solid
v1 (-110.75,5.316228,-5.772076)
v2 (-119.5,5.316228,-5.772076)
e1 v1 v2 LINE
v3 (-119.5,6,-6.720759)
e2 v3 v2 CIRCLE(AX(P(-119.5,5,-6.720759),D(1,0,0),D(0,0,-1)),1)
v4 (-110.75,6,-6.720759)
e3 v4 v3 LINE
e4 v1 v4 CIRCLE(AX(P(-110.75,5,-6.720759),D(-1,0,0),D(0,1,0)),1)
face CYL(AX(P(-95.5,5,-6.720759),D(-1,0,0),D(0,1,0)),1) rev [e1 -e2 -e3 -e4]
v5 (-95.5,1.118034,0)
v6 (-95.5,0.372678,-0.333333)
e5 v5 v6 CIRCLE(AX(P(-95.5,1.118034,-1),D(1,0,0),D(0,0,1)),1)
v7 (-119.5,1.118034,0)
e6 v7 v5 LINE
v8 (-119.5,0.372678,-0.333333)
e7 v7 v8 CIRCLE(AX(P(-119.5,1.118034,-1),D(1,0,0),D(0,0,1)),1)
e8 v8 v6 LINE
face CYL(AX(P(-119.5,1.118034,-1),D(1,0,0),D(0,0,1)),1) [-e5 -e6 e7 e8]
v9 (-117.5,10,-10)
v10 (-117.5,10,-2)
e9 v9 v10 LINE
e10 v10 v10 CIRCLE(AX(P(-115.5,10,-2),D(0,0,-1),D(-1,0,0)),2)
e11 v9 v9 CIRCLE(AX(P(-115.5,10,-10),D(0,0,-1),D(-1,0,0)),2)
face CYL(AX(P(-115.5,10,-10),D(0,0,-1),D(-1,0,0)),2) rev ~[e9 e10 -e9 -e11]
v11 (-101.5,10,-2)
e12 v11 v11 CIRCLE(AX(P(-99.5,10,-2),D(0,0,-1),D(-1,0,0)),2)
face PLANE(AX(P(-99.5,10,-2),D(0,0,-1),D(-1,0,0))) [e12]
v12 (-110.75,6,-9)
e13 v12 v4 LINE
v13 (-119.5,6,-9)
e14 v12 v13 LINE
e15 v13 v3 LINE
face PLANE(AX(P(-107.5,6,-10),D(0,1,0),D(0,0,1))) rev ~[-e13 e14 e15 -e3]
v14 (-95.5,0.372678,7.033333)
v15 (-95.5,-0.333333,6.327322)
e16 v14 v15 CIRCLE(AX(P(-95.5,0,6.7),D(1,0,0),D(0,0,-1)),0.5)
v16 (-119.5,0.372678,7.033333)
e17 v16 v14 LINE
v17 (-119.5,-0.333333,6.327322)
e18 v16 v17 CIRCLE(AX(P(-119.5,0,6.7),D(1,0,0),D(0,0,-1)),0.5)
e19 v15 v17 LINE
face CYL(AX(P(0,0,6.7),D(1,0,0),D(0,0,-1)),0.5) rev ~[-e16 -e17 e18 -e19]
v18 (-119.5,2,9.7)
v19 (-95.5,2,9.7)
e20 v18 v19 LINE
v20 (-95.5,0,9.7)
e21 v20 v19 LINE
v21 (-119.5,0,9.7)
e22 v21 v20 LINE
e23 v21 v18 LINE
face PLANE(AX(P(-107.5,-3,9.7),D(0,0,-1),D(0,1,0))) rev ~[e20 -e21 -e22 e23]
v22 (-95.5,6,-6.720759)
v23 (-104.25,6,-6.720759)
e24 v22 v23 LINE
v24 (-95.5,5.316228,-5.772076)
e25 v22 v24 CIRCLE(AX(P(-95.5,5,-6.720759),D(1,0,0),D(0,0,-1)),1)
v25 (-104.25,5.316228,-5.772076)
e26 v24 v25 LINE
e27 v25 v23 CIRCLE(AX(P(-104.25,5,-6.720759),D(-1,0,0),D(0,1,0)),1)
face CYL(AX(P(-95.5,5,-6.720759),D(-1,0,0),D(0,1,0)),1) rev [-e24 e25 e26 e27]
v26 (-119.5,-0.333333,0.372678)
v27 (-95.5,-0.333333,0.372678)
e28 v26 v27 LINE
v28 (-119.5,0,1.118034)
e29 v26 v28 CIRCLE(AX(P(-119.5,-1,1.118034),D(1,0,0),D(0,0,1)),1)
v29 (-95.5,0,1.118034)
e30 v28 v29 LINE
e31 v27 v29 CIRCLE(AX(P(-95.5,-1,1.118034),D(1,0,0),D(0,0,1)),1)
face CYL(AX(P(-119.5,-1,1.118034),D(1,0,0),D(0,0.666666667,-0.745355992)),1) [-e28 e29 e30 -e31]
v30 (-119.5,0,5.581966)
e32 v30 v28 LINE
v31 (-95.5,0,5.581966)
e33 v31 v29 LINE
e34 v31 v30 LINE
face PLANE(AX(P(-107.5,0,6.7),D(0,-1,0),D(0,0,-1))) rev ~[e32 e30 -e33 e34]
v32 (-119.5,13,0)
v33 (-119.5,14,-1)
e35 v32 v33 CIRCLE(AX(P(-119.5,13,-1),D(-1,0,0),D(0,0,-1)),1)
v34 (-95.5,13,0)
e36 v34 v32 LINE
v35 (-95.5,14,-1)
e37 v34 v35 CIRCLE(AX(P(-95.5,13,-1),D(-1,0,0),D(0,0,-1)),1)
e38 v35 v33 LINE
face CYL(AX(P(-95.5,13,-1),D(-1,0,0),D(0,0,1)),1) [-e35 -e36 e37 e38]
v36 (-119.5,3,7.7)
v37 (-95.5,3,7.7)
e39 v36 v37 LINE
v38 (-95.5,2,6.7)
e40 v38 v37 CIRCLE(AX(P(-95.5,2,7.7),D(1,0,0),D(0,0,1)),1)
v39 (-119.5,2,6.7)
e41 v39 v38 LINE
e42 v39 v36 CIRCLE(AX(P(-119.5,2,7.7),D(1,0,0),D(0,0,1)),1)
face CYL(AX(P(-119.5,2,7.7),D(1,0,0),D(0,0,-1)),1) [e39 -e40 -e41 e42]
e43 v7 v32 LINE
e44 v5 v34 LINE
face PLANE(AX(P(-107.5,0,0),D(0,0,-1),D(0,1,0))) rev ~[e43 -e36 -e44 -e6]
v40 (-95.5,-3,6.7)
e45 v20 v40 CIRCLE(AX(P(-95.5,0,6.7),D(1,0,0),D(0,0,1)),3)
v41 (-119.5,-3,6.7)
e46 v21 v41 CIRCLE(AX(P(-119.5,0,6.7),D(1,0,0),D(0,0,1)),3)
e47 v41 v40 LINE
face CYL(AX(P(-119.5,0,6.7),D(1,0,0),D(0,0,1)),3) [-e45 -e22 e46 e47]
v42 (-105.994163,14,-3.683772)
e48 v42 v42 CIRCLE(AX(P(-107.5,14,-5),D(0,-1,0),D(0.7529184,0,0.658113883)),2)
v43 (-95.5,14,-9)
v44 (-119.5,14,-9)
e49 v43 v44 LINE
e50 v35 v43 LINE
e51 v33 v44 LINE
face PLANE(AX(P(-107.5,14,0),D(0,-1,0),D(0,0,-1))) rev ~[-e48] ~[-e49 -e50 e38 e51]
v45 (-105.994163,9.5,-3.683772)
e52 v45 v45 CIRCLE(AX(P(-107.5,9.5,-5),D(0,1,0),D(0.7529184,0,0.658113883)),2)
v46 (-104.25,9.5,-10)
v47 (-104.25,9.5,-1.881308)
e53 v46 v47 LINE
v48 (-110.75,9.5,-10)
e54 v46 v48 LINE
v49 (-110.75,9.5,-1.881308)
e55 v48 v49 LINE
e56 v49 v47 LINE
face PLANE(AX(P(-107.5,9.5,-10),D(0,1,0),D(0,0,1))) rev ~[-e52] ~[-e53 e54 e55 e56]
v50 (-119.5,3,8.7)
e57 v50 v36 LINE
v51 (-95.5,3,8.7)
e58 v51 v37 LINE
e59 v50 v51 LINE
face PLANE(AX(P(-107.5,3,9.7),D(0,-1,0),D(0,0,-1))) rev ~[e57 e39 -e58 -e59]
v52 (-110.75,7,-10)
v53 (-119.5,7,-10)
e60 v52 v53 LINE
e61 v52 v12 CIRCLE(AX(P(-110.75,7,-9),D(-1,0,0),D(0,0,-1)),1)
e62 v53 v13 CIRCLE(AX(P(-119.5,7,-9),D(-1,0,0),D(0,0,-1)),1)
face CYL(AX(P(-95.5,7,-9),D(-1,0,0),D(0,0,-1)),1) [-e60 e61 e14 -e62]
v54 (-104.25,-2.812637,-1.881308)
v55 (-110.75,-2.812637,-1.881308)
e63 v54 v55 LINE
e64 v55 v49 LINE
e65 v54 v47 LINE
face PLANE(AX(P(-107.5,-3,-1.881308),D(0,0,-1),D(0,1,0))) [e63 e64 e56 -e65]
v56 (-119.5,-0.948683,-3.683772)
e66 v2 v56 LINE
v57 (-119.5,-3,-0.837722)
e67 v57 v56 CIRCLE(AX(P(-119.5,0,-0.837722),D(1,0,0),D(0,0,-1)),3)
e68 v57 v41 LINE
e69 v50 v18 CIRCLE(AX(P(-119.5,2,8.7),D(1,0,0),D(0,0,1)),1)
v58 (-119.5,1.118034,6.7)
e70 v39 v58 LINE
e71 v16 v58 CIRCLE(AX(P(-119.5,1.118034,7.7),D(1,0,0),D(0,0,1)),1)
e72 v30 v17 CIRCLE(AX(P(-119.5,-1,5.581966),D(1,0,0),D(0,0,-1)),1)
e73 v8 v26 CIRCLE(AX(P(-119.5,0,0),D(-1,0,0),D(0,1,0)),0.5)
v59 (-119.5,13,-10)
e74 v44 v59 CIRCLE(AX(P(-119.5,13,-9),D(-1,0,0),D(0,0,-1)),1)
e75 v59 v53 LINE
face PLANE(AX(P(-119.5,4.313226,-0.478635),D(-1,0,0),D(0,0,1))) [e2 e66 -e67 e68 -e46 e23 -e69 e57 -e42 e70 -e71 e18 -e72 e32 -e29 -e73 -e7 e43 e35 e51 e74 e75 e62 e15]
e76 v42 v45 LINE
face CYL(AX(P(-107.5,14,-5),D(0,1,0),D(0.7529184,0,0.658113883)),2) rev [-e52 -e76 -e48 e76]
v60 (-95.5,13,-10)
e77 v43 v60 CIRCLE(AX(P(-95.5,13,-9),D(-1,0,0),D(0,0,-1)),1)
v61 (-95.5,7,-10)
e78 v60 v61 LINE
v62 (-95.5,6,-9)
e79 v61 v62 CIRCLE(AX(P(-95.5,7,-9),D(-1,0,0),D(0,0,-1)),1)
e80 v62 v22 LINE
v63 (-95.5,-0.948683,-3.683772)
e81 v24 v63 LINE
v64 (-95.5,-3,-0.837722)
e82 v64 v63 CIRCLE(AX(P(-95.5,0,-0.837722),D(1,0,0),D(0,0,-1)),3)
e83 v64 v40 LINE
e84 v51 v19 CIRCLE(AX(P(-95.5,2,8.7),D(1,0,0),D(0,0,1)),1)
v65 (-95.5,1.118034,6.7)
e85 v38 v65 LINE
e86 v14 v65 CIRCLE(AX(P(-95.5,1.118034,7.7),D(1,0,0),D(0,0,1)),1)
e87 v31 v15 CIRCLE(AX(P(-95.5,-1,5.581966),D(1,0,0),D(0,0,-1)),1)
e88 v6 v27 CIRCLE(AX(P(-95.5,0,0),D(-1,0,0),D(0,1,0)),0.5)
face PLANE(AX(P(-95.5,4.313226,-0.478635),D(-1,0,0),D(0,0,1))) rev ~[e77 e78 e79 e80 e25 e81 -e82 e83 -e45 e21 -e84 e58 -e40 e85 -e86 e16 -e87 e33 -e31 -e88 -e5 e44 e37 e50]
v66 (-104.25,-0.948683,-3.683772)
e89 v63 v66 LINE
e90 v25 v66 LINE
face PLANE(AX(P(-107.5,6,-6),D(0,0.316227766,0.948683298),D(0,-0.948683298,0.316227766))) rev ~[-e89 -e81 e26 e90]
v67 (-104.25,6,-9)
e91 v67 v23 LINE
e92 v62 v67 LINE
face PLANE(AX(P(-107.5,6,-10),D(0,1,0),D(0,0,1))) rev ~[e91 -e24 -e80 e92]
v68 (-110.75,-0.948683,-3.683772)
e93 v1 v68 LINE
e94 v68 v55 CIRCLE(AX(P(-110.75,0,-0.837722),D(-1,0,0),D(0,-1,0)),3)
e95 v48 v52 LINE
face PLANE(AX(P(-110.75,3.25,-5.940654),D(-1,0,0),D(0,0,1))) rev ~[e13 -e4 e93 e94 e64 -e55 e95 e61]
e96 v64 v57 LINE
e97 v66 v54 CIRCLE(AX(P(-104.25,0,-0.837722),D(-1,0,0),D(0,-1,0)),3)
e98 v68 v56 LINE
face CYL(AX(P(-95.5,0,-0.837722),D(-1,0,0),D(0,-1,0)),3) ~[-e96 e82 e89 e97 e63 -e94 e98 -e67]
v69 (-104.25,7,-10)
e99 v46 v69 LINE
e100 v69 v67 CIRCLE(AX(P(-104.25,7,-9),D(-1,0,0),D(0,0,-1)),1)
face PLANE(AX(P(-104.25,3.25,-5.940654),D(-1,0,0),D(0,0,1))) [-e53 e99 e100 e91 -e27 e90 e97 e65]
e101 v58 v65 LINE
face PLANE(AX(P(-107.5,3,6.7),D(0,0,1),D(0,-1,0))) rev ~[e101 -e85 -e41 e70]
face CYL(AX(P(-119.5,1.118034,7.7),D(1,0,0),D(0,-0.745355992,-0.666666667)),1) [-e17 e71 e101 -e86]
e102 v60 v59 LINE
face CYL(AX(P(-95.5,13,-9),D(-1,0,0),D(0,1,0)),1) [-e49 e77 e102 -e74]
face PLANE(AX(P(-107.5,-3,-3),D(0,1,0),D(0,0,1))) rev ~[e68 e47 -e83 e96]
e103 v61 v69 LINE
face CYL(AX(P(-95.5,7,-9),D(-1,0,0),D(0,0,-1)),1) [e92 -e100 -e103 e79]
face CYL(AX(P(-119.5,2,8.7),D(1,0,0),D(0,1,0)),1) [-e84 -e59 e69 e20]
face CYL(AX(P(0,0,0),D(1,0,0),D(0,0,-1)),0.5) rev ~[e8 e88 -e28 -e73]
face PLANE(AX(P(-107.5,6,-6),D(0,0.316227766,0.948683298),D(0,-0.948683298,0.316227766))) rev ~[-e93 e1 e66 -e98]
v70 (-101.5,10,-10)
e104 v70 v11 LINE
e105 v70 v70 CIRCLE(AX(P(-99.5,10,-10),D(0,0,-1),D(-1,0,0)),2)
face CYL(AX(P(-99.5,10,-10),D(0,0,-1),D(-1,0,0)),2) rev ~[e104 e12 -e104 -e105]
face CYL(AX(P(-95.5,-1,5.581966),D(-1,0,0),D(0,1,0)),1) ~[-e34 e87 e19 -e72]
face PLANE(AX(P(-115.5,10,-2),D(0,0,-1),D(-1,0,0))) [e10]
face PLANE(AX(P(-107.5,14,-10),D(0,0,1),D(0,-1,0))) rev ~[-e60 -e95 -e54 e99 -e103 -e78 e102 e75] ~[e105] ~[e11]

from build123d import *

# Parameters (mm, degrees)
BOSS_EXTRUDE1_DEPTH = 12
FILLET1_R           = 3
SKETCH4_R           = 0.5
CUT_EXTRUDE3_DEPTH  = 121.732141537
FILLET2_R           = 1
FILLET3_R           = 1
FILLET4_R           = 1
FILLET6_R           = 1
SKETCH2_R           = 2
CUT_EXTRUDE1_DEPTH  = 122.116679281
SKETCH6_R           = 2
CUT_EXTRUDE4_DEPTH  = 8
CUT_EXTRUDE5_DEPTH  = 3.25


with BuildPart() as part:
    # Sketch1 → Boss-Extrude1 (new, symmetric)
    with BuildSketch(Plane(origin=(-107.5, 40, 0), x_dir=(0, 0, -1), z_dir=(1, 0, 0))):
        Polygon((-6.7, -37), (-6.7, -40), (0, -40), (0, -26), (10, -26), (10, -34), (6, -34), (3, -43), (-9.7, -43), (-9.7, -37), align=None)
    extrude(amount=BOSS_EXTRUDE1_DEPTH, both=True)

    # Fillet1
    fillet1_edges = [part.edges().sort_by_distance(p)[0] for p in [
        (-107.5, -3, -3),
        (-107.5, -3, 9.7),
    ]]
    fillet(fillet1_edges, radius=FILLET1_R)

    # Sketch4 → Cut-Extrude3 (cut, through all)
    with BuildSketch(Plane(origin=(0, 0, 0), x_dir=(0, 0, -1), z_dir=(1, 0, 0))):
        with Locations((-6.7, 0)):
            Circle(SKETCH4_R)
        Circle(SKETCH4_R)
    extrude(amount=-CUT_EXTRUDE3_DEPTH, mode=Mode.SUBTRACT)

    # Fillet2
    fillet2_edges = [part.edges().sort_by_distance(p)[0] for p in [
        (-107.5, 0, 6.2),
        (-107.5, 0.5, 6.7),
        (-107.5, 0.5, 0),
        (-107.5, 0, 0.5),
    ]]
    fillet(fillet2_edges, radius=FILLET2_R)

    # Fillet3
    fillet3_edges = [part.edges().sort_by_distance(p)[0] for p in [
        (-107.5, 3, 6.7),
        (-107.5, 3, 9.7),
    ]]
    fillet(fillet3_edges, radius=FILLET3_R)

    # Fillet4
    fillet4_edges = [part.edges().sort_by_distance(p)[0] for p in [
        (-107.5, 14, 0),
        (-107.5, 14, -10),
    ]]
    fillet(fillet4_edges, radius=FILLET4_R)

    # Fillet6
    fillet6_edges = [part.edges().sort_by_distance(p)[0] for p in [
        (-107.5, 6, -10),
        (-107.5, 6, -6),
    ]]
    fillet(fillet6_edges, radius=FILLET6_R)

    # Sketch2 → Cut-Extrude1 (cut, through all)
    with BuildSketch(Plane.XZ.offset(-14)):
        with Locations(Location((-107.5, -5, 0), (0, 0, 41.156184936))):
            Circle(SKETCH2_R)
    extrude(amount=CUT_EXTRUDE1_DEPTH, mode=Mode.SUBTRACT)

    # Sketch6 → Cut-Extrude4 (cut)
    with BuildSketch(Plane(origin=(0, 0, -10), x_dir=(-1, 0, 0), z_dir=(0, 0, -1))):
        with Locations((115.5, 10)):
            Circle(SKETCH6_R)
        with Locations((99.5, 10)):
            Circle(SKETCH6_R)
    extrude(amount=-CUT_EXTRUDE4_DEPTH, mode=Mode.SUBTRACT)

    # Sketch7 → Cut-Extrude5 (cut, symmetric)
    with BuildSketch(Plane(origin=(-107.5, 40, 0), x_dir=(0, 0, -1), z_dir=(1, 0, 0))):
        Polygon((1.88130822, -30.5), (8.38130822, -30.5), (10, -30.5), (10, -43), (8.38130822, -43), (1.88130822, -43), align=None)
    extrude(amount=CUT_EXTRUDE5_DEPTH, both=True, mode=Mode.SUBTRACT)


solid = part.part
